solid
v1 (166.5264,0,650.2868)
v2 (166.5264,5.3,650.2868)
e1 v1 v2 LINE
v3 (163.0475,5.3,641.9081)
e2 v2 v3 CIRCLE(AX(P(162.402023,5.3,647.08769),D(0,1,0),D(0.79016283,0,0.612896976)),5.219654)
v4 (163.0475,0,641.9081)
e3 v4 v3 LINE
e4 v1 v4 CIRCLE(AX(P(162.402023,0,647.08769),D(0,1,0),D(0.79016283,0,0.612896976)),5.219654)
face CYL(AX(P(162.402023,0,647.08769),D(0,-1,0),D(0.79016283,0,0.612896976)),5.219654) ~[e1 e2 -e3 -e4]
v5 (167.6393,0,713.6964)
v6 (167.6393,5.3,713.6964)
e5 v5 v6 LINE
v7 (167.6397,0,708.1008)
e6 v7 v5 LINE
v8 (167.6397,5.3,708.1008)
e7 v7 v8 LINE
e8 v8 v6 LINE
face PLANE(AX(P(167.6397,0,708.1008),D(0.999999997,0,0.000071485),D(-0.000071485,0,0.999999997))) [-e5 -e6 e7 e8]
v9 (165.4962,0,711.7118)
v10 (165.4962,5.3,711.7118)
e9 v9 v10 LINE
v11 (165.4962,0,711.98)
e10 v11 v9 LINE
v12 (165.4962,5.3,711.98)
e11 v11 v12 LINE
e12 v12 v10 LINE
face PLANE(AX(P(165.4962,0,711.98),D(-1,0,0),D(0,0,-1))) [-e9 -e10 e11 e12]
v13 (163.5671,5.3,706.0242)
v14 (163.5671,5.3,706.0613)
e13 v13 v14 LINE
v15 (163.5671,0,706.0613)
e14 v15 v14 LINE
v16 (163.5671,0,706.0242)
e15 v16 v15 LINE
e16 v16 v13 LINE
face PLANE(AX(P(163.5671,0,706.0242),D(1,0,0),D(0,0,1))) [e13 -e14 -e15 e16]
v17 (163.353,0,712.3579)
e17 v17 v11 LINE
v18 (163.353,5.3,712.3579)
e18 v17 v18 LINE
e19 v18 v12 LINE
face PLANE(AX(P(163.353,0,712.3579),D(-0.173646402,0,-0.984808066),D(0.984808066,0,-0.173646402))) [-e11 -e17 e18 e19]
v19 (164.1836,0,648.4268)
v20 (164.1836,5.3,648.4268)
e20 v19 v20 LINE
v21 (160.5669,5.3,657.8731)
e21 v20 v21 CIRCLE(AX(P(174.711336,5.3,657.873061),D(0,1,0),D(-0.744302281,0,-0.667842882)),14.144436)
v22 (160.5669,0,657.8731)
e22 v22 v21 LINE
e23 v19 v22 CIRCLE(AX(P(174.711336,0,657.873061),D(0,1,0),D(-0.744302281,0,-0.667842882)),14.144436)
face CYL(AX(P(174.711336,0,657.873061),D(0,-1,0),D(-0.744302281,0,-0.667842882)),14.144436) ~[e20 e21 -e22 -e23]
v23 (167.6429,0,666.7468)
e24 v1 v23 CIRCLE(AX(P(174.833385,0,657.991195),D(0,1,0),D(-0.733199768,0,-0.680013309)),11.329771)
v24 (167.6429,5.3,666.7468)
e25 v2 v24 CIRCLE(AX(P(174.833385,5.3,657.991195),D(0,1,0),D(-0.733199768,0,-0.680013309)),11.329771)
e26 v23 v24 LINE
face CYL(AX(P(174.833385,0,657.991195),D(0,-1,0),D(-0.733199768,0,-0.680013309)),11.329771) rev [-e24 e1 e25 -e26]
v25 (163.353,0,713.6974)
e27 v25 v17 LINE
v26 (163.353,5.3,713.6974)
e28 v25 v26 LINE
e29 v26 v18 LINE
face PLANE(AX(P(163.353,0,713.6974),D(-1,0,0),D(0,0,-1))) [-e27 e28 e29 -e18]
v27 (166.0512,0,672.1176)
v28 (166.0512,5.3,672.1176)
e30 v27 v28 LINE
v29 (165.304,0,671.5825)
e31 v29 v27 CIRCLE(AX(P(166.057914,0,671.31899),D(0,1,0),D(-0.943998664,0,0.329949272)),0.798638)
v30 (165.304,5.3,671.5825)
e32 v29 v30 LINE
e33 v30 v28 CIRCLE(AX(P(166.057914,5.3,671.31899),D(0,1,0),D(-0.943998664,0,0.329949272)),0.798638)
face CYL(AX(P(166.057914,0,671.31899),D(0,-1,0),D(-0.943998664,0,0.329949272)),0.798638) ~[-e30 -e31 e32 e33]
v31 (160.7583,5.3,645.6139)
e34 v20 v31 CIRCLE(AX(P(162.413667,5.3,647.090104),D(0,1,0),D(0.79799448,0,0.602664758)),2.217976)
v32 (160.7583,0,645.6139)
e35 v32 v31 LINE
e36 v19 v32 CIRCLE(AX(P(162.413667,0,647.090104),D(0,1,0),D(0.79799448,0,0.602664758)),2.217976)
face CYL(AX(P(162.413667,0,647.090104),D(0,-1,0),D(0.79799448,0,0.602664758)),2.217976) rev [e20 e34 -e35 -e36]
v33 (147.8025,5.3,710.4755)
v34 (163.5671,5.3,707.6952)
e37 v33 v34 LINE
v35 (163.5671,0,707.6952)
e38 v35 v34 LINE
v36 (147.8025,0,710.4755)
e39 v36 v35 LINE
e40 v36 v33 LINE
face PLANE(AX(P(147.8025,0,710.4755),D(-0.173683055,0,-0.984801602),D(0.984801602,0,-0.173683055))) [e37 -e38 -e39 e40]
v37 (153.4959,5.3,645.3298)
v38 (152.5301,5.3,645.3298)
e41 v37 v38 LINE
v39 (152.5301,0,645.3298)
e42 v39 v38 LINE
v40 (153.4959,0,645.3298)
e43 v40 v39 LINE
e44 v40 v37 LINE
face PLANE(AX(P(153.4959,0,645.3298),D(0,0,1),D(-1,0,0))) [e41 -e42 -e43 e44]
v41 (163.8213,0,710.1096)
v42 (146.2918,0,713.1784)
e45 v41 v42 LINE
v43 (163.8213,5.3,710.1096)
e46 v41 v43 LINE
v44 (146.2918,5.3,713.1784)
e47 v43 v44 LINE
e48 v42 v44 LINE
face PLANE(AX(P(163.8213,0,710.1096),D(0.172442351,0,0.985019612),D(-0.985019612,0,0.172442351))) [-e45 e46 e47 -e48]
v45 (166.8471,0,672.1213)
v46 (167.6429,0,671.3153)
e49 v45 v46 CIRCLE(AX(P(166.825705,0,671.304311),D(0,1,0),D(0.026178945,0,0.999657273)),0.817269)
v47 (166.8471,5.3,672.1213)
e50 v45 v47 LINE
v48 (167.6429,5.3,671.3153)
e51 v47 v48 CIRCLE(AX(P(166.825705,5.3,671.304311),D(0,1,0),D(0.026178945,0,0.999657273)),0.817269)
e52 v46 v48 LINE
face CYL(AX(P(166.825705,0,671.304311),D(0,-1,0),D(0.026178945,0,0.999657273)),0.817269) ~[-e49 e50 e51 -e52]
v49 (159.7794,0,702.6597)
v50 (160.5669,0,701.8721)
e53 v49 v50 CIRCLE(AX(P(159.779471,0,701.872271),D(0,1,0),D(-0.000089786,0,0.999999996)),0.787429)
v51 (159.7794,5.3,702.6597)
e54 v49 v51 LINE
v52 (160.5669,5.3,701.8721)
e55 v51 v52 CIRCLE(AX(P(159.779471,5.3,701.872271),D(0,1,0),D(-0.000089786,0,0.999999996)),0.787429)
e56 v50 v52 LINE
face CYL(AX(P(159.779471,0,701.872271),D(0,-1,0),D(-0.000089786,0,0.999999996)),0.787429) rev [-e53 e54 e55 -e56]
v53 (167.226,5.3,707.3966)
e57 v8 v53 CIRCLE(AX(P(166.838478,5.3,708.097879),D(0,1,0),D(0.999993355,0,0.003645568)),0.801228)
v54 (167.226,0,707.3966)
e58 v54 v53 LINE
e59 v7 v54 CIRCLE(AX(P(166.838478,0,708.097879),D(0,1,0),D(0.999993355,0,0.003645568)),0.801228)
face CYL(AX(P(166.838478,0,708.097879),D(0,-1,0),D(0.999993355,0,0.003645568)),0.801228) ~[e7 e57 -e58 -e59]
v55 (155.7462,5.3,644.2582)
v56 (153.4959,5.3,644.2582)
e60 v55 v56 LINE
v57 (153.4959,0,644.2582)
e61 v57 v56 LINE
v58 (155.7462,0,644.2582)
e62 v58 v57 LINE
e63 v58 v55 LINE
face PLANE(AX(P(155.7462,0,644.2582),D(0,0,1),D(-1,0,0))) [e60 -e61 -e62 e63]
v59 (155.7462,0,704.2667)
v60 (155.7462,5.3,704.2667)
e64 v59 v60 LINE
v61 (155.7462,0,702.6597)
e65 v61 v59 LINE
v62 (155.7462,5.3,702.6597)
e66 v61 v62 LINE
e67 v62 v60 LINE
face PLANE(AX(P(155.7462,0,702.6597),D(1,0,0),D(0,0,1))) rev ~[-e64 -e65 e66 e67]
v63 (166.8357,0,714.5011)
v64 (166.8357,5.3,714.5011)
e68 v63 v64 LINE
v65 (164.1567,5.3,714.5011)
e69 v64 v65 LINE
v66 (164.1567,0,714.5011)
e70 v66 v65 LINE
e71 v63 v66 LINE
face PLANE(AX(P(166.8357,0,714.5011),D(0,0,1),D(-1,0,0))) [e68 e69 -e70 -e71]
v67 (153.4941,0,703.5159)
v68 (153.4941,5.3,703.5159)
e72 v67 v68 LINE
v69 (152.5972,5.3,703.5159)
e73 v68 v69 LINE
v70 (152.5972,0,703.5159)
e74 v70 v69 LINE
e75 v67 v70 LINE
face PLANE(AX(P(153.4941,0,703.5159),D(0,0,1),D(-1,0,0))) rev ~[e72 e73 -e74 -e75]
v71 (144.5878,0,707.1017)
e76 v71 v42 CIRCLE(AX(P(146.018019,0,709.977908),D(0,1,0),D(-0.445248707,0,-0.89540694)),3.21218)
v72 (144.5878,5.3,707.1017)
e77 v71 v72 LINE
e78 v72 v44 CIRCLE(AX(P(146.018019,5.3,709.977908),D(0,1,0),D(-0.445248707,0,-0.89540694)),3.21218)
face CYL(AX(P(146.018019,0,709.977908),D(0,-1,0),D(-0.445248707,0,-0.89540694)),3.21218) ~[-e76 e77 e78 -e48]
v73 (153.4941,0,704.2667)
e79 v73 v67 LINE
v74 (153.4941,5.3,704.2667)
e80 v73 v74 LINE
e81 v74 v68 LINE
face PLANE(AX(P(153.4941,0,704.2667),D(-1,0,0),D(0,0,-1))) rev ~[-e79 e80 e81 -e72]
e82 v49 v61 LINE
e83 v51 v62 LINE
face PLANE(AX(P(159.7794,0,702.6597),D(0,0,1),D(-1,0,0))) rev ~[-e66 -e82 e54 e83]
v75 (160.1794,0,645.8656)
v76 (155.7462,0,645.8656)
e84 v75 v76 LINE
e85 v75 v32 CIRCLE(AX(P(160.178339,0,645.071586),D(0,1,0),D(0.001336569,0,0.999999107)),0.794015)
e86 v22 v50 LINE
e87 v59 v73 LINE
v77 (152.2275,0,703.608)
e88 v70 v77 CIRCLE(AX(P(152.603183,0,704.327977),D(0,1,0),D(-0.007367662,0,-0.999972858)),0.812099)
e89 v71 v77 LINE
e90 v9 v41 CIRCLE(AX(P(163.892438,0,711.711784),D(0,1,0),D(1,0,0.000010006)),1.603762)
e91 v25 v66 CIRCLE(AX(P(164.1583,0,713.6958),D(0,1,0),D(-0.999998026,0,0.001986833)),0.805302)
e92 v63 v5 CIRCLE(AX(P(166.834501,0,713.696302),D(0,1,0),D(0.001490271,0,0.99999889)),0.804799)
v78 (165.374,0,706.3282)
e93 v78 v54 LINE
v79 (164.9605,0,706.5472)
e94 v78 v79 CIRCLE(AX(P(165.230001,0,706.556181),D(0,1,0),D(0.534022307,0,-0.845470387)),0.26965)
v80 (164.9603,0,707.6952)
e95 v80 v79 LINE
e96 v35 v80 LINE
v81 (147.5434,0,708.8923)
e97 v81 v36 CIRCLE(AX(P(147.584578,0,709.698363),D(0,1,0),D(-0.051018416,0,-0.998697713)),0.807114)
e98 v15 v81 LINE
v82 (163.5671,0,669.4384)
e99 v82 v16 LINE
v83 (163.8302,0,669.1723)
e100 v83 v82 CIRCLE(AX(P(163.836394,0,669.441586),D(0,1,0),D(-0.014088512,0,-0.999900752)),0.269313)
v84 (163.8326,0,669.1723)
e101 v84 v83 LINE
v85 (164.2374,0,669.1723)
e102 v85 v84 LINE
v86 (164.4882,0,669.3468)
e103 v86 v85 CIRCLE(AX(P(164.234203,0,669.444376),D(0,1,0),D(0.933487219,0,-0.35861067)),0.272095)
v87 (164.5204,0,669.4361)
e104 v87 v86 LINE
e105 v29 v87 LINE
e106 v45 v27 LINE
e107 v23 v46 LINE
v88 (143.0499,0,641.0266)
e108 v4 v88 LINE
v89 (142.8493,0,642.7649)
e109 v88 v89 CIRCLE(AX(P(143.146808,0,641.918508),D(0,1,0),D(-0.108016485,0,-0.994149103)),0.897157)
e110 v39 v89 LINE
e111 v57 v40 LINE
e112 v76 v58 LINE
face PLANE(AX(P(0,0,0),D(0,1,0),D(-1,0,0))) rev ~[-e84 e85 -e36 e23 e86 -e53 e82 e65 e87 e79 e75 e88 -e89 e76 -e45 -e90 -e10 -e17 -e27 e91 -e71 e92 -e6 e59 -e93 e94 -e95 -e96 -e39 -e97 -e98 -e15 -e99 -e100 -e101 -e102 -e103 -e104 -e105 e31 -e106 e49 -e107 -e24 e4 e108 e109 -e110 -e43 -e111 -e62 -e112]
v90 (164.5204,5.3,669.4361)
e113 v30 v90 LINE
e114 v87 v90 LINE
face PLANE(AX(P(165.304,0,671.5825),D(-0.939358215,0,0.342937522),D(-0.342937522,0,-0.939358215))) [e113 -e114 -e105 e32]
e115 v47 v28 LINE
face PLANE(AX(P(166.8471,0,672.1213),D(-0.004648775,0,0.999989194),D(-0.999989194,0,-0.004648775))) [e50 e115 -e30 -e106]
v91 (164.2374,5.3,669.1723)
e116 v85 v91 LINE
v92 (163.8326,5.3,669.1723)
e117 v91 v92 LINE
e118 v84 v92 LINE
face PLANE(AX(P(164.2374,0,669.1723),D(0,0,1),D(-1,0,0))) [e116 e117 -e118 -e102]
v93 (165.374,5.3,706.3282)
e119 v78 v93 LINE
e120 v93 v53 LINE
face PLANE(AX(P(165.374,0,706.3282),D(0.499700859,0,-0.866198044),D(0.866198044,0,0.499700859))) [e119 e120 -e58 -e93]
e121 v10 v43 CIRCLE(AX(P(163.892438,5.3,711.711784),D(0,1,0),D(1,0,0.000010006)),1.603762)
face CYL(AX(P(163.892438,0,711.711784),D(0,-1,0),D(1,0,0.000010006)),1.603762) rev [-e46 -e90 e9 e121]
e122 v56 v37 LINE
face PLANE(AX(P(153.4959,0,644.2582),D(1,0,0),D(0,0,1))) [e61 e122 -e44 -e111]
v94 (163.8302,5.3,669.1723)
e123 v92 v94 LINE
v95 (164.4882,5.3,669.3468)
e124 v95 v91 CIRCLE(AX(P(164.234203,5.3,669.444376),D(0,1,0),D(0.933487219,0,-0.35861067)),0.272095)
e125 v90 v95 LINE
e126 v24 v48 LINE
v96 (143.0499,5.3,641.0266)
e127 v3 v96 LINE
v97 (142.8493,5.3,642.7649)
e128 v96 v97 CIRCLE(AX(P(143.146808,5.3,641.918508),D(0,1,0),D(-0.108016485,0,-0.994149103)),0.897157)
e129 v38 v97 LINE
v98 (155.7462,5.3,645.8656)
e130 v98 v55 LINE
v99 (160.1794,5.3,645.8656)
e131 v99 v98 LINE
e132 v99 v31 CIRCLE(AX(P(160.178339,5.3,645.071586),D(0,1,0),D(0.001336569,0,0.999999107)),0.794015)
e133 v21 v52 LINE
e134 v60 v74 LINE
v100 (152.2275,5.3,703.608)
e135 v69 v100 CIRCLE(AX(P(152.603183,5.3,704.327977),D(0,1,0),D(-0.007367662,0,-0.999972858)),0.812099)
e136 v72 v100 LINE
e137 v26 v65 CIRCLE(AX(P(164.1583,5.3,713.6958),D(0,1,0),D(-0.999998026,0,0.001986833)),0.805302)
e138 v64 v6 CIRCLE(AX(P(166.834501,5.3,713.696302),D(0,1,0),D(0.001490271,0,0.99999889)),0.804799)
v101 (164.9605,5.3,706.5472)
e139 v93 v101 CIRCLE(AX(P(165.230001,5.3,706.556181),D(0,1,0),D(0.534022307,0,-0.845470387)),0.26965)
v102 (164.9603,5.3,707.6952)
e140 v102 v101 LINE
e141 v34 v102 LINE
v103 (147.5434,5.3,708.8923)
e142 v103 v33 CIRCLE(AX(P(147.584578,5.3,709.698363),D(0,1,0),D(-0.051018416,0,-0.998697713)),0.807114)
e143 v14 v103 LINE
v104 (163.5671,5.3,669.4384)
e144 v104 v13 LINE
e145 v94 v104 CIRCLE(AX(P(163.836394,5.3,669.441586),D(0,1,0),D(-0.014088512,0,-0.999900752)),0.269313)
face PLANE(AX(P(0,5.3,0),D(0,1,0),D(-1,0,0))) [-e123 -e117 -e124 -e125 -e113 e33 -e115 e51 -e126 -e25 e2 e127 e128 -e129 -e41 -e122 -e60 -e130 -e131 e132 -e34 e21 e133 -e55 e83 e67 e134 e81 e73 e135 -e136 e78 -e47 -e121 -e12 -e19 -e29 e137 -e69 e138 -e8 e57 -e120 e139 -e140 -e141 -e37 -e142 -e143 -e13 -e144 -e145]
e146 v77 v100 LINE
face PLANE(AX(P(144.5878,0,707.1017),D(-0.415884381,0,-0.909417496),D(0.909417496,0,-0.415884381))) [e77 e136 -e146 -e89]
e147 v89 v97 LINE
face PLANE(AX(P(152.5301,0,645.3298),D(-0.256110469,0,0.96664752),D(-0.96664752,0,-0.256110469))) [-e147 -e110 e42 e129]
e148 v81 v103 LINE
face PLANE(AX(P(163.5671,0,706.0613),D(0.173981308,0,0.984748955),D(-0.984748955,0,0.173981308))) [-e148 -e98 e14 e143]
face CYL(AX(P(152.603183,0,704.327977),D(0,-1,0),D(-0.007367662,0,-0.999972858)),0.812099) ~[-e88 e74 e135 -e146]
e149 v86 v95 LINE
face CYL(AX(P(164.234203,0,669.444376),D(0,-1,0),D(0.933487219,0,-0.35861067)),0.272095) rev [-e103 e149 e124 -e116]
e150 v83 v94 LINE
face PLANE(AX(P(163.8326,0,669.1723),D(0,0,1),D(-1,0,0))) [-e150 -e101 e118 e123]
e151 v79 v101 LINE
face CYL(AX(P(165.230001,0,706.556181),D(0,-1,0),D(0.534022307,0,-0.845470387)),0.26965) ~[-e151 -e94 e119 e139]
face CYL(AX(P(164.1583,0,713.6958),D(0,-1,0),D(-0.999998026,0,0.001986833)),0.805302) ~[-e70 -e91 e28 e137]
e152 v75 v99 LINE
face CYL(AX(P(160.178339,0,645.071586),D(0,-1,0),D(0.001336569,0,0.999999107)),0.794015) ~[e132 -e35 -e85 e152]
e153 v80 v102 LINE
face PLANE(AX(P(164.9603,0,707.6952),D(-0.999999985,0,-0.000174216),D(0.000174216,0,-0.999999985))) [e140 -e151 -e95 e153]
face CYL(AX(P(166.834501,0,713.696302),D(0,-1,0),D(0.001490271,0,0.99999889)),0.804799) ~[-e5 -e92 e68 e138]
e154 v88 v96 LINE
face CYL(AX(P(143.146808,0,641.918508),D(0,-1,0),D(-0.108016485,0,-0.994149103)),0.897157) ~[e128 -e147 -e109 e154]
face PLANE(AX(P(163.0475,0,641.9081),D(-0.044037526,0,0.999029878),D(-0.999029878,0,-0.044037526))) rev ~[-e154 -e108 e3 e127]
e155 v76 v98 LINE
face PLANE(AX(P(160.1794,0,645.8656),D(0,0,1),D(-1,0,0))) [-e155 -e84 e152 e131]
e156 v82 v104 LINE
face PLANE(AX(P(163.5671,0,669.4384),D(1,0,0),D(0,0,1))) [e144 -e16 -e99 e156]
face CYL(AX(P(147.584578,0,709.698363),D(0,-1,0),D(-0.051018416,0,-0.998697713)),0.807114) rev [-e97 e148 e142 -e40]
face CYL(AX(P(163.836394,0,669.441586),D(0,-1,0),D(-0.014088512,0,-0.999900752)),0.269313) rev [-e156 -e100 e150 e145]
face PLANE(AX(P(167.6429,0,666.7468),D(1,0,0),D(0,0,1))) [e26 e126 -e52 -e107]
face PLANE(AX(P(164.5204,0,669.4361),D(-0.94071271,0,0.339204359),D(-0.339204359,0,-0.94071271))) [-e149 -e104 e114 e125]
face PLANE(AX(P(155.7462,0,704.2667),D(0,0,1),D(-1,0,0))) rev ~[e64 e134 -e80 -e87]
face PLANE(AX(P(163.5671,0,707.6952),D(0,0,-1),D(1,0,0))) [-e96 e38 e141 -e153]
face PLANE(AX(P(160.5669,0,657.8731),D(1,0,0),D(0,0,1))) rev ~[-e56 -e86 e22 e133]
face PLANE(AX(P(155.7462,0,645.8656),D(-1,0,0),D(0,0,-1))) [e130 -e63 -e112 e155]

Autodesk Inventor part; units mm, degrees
ref_plane "YZ Plane" through (0, 0, 0) normal (1, 0, 0) x (0, 1, 0)
ref_plane "XZ Plane" through (0, 0, 0) normal (0, 1, 0) x (-1, 0, 0)
ref_plane "XY Plane" through (0, 0, 0) normal (0, 0, 1) x (1, 0, 0)
sketch "Sketch1" plane through (0, 0, 0) normal (0, 1, 0) x (-1, 0, 0)
  arc A0 (-159.7794, 702.6597) -> (-160.5669, 701.8721) centre (-159.7794, 701.8721) ccw
  line L0 (-159.7794, 702.6597) -> (-155.7462, 702.6597)
  line L1 (-155.7462, 702.6597) -> (-155.7462, 704.2667)
  line L2 (-155.7462, 704.2667) -> (-153.4941, 704.2667)
  line L3 (-153.4941, 704.2667) -> (-153.4941, 703.5159)
  line L4 (-153.4941, 703.5159) -> (-152.5972, 703.5159)
  arc A1 (-164.1836, 648.4268) -> (-160.5669, 657.8731) centre (-174.7114, 657.8731) ccw
  line L5 (-160.5669, 657.8731) -> (-160.5669, 701.8721)
  arc A2 (-160.1794, 645.8656) -> (-160.7583, 645.6139) centre (-160.1783, 645.0714) ccw
  arc A3 (-164.1836, 648.4268) -> (-160.7583, 645.6139) centre (-162.4137, 647.0901) ccw
  line L6 (-160.1794, 645.8656) -> (-155.7462, 645.8656)
  line L7 (-155.7462, 645.8656) -> (-155.7462, 644.2582)
  line L8 (-155.7462, 644.2582) -> (-153.4959, 644.2582)
  line L9 (-153.4959, 644.2582) -> (-153.4959, 645.3298)
  line L10 (-153.4959, 645.3298) -> (-152.5301, 645.3298)
  line L11 (-152.5301, 645.3298) -> (-142.8493, 642.7649)
  arc A4 (-143.0499, 641.0266) -> (-142.8493, 642.7649) centre (-143.1468, 641.9185) ccw
  line L12 (-163.0475, 641.9081) -> (-143.0499, 641.0266)
  arc A5 (-166.5264, 650.2868) -> (-163.0475, 641.9081) centre (-162.4021, 647.0877) ccw
  arc A6 (-166.5264, 650.2868) -> (-167.6429, 666.7468) centre (-174.8334, 657.9912) ccw
  line L13 (-167.6429, 666.7468) -> (-167.6429, 671.3153)
  arc A7 (-166.8471, 672.1213) -> (-167.6429, 671.3153) centre (-166.8257, 671.3043) ccw
  line L14 (-166.8471, 672.1213) -> (-166.0512, 672.1176)
  arc A8 (-165.304, 671.5825) -> (-166.0512, 672.1176) centre (-166.0579, 671.319) ccw
  line L15 (-165.304, 671.5825) -> (-164.5204, 669.4361)
  line L16 (-164.5204, 669.4361) -> (-164.4882, 669.3468)
  arc A9 (-164.4882, 669.3468) -> (-164.2374, 669.1723) centre (-164.2343, 669.4443) ccw
  line L17 (-164.2374, 669.1723) -> (-163.8302, 669.1723)
  arc A10 (-163.8326, 669.1723) -> (-163.5671, 669.4384) centre (-163.8364, 669.4416) ccw
  line L18 (-163.5671, 669.4384) -> (-163.5671, 706.0242)
  line L19 (-163.5671, 706.0242) -> (-163.5671, 706.0613)
  line L20 (-163.5671, 706.0613) -> (-147.5434, 708.8923)
  arc A11 (-147.5434, 708.8923) -> (-147.8025, 710.4755) centre (-147.5845, 709.6983) ccw
  line L21 (-147.8025, 710.4755) -> (-163.5671, 707.6952)
  line L22 (-163.5671, 707.6952) -> (-164.9603, 707.6952)
  line L23 (-164.9603, 707.6952) -> (-164.9605, 706.5472)
  arc A12 (-165.374, 706.3282) -> (-164.9605, 706.5472) centre (-165.23, 706.5562) ccw
  line L24 (-165.374, 706.3282) -> (-167.226, 707.3966)
  arc A13 (-167.6397, 708.1008) -> (-167.226, 707.3966) centre (-166.8384, 708.0979) ccw
  line L25 (-167.6397, 708.1008) -> (-167.6393, 713.6964)
  arc A14 (-166.8357, 714.5011) -> (-167.6393, 713.6964) centre (-166.8345, 713.6963) ccw
  line L26 (-166.8357, 714.5011) -> (-164.1567, 714.5011)
  arc A15 (-163.353, 713.6974) -> (-164.1567, 714.5011) centre (-164.1583, 713.6958) ccw
  line L27 (-163.353, 713.6974) -> (-163.353, 712.3579)
  line L28 (-163.353, 712.3579) -> (-165.4962, 711.98)
  line L29 (-165.4962, 711.98) -> (-165.4962, 711.7118)
  arc A16 (-165.4962, 711.7118) -> (-163.8213, 710.1096) centre (-163.8924, 711.7118) ccw
  line L30 (-163.8213, 710.1096) -> (-146.2918, 713.1784)
  arc A17 (-144.5878, 707.1017) -> (-146.2918, 713.1784) centre (-146.018, 709.9779) ccw
  line L31 (-144.5878, 707.1017) -> (-152.2275, 703.608)
  arc A18 (-152.5972, 703.5159) -> (-152.2275, 703.608) centre (-152.6033, 704.3289) ccw
  point P0 (-160.5669, 683.588)
  dimension "d1" = 90
  dimension "d2" = 43.999
  dimension "d3" = 3.0002
extrude "Extrusion1" add sketch "Sketch1" along normal blind 5.3
properties part number "raspDinClipmmv1"
